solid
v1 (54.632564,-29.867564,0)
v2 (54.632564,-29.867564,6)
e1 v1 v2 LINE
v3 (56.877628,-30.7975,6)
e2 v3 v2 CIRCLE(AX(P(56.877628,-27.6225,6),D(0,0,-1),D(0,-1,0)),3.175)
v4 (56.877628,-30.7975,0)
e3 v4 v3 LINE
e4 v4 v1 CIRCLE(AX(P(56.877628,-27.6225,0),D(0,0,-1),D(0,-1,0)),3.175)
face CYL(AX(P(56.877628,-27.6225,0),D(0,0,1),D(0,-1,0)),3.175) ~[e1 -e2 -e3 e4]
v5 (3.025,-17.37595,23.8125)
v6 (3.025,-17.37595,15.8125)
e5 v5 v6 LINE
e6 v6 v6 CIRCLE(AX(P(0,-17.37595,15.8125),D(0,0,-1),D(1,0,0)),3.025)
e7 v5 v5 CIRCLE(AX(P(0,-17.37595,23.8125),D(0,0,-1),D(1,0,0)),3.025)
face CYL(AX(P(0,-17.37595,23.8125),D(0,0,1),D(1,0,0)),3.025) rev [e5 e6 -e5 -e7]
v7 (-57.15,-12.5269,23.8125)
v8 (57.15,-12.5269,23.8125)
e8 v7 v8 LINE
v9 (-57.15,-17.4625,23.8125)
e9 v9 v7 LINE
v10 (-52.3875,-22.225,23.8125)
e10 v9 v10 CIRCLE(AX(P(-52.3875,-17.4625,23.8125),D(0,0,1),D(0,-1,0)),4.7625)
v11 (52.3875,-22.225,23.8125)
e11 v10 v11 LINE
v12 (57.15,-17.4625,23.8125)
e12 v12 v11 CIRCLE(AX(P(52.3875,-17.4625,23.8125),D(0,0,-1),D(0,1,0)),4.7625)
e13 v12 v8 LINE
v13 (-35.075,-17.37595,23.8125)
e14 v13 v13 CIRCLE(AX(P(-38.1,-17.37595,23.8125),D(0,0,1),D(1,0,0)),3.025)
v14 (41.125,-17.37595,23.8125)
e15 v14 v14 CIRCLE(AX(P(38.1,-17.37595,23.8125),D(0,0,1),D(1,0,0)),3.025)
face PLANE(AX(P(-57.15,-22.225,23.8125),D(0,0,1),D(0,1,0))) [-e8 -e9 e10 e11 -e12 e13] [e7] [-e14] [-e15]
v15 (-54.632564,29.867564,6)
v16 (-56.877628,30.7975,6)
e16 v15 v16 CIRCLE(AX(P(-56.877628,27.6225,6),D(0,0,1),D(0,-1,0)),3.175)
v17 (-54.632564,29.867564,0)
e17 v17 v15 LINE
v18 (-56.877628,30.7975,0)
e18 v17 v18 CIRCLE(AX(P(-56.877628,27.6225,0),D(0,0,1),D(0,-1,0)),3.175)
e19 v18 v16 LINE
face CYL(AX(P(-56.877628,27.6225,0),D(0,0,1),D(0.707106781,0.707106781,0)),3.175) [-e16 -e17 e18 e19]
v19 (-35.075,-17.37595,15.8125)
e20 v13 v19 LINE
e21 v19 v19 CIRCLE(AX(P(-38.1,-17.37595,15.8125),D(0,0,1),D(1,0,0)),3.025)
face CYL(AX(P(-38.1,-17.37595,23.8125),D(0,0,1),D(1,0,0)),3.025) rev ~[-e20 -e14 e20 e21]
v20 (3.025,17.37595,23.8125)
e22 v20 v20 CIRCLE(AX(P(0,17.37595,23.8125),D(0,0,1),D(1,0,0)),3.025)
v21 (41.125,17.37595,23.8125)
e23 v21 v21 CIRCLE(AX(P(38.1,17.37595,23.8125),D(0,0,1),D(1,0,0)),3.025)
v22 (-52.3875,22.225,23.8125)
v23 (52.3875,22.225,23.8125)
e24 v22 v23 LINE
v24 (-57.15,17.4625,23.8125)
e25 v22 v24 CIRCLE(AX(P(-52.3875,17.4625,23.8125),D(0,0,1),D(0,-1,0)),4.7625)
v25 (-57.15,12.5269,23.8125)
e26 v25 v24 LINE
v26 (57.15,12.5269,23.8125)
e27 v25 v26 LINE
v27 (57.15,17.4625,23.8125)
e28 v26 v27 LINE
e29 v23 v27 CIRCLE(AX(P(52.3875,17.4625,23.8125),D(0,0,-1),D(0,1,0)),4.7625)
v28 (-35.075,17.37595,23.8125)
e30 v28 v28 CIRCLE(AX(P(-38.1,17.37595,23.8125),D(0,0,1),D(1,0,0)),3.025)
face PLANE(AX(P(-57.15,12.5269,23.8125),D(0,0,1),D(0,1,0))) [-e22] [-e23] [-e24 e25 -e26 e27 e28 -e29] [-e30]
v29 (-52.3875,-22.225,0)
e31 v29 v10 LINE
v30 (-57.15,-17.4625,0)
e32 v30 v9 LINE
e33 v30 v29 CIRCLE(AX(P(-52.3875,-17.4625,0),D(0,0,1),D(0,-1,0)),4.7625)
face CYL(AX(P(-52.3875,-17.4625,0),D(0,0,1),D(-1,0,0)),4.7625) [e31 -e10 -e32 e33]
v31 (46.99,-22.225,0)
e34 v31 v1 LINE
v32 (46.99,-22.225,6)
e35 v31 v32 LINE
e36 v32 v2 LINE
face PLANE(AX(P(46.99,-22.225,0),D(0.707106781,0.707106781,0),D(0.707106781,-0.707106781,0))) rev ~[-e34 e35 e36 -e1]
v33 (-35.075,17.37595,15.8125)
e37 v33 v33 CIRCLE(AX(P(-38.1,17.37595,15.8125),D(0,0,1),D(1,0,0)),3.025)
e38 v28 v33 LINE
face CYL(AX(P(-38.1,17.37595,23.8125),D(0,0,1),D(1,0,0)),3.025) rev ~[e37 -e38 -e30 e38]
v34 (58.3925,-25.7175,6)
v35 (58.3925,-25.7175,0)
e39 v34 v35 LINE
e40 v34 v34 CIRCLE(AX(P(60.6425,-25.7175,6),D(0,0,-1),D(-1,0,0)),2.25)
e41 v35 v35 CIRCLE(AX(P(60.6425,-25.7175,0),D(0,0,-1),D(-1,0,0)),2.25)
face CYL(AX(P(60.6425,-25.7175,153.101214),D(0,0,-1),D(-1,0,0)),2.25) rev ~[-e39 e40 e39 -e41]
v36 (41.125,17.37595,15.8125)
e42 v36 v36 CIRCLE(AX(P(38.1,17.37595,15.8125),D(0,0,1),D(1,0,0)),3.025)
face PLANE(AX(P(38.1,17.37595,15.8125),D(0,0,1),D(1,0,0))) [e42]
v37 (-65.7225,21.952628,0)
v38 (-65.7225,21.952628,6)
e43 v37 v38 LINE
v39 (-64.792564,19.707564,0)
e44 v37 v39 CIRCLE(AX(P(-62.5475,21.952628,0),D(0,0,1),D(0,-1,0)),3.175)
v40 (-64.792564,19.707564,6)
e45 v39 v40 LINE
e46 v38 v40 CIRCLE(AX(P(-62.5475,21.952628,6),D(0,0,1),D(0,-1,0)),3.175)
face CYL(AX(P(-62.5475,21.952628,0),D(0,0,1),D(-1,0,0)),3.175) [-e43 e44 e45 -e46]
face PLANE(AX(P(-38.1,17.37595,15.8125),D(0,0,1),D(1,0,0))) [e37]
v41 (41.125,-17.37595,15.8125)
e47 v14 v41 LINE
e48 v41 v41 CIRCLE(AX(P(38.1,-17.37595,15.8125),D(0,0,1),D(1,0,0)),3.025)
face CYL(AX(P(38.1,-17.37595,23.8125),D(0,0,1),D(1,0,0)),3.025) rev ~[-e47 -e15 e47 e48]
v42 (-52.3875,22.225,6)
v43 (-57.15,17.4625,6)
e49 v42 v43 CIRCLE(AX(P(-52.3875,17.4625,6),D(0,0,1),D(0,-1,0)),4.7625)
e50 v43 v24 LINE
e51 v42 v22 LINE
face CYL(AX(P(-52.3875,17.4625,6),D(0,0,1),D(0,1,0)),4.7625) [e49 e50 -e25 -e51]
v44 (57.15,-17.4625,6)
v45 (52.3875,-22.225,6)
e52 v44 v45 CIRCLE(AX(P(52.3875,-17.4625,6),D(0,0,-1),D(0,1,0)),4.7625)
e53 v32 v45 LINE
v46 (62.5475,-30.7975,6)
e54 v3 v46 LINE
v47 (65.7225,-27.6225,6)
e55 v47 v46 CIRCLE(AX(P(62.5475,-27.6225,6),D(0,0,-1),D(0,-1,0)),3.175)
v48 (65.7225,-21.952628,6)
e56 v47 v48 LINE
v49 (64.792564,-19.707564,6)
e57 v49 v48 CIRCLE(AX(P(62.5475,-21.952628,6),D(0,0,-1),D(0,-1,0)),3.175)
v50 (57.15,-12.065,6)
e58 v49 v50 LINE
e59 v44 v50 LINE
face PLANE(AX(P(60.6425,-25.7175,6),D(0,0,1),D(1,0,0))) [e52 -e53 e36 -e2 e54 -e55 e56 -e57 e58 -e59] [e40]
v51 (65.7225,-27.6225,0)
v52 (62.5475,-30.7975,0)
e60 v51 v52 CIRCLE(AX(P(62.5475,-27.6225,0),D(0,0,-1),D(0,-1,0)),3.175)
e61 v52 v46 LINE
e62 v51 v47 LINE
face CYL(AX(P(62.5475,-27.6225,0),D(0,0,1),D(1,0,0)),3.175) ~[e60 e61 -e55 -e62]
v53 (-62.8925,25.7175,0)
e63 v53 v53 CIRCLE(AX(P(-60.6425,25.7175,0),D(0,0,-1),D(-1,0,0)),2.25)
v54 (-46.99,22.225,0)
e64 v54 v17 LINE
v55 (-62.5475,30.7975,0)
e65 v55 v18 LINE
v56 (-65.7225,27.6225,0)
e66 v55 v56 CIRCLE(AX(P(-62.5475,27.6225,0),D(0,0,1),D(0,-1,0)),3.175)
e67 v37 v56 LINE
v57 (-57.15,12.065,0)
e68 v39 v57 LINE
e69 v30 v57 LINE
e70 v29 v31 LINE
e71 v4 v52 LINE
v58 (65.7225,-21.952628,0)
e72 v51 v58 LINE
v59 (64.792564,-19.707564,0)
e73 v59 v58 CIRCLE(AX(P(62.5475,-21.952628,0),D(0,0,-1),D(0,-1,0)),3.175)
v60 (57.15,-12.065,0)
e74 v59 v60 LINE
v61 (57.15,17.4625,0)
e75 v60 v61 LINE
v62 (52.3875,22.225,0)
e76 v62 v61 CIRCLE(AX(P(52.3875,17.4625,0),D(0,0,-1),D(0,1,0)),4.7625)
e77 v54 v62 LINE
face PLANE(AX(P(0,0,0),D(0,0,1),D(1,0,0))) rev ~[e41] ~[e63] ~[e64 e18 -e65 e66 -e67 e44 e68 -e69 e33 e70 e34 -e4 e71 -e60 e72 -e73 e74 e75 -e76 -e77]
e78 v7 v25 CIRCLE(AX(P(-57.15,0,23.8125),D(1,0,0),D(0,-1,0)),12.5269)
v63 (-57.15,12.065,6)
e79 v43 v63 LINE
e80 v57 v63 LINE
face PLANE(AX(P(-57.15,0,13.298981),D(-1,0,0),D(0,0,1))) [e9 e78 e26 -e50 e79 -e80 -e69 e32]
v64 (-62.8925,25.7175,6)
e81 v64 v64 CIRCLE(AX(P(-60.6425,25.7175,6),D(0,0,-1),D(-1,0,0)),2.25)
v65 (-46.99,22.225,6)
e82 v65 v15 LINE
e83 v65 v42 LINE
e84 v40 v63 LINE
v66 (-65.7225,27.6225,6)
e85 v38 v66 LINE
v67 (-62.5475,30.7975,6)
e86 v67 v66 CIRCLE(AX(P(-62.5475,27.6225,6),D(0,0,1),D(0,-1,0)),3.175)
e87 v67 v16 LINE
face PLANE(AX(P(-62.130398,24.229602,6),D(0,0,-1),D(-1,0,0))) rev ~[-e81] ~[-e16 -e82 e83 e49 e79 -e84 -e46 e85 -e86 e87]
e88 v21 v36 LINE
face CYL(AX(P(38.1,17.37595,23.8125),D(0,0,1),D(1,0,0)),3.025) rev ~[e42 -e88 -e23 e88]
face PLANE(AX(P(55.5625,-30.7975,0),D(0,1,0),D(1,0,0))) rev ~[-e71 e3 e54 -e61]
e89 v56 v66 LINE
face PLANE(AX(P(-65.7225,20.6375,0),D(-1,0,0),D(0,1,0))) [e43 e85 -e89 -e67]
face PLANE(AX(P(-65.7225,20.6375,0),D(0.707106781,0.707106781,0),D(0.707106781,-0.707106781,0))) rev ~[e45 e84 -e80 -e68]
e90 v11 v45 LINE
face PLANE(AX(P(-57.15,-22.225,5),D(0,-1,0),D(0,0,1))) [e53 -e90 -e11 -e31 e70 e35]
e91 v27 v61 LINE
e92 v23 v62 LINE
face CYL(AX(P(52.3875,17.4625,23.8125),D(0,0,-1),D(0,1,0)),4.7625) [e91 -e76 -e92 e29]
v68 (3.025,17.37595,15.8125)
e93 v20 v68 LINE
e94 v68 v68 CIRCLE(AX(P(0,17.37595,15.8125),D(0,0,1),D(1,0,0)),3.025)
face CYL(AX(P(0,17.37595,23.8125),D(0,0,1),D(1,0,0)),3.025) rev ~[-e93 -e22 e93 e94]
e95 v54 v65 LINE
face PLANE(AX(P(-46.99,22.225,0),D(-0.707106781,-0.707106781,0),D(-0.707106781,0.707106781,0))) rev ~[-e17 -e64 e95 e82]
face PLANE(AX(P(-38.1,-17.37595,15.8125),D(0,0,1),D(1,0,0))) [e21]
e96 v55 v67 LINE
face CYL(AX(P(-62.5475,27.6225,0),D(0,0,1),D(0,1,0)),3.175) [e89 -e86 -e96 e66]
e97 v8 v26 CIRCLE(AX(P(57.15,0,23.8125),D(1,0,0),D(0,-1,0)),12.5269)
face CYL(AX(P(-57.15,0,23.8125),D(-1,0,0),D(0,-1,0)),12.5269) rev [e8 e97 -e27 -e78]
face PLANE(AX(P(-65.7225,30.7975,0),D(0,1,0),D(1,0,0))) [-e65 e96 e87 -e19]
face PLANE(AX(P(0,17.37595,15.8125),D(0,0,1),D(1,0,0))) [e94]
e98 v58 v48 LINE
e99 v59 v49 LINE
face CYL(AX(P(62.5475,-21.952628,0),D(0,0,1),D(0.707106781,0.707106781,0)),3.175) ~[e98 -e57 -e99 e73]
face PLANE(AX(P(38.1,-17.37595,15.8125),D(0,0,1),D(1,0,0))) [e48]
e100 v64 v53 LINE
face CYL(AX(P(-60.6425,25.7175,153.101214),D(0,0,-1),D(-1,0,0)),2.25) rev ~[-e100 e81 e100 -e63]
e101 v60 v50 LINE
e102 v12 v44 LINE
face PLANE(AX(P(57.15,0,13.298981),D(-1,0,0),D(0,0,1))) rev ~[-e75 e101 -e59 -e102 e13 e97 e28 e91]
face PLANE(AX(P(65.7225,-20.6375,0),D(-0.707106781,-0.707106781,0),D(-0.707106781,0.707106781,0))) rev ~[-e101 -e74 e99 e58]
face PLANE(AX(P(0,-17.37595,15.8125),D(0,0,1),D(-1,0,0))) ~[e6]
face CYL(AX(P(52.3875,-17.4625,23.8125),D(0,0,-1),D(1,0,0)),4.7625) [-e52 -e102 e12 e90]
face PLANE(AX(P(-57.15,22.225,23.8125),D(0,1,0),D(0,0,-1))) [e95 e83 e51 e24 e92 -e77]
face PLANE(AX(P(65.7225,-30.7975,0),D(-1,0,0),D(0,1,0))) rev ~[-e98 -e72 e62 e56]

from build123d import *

# Parameters (mm, degrees)
SKETCH1_W               = 114.3
SKETCH1_H               = 44.45
BOSS_EXTRUDE1_DEPTH     = 5
BOSS_EXTRUDE2_DEPTH     = 114.3
SKETCH3_R               = 3.025
CUT_EXTRUDE1_DEPTH      = 8
LPATTERN1_COUNT         = 2
LPATTERN1_PITCH         = 38.1
LPATTERN1_COL_COUNT     = 2
LPATTERN1_COL_PITCH     = 38.1
MIRROR1_COPY_1_SKETCH_R = 3.025
MIRROR1_COPY_1_DEPTH    = 8
MIRROR1_COPY_2_SKETCH_R = 3.025
MIRROR1_COPY_2_DEPTH    = 8
SKETCH4_W               = 10.16
SKETCH4_H               = 10.16
BOSS_EXTRUDE3_DEPTH     = 6
M4_CLEARANCE_HOLE1_D    = 4.5
FILLET3_R               = 3.175
FILLET4_R               = 4.7625


with BuildPart() as part:
    # Sketch1 → Boss-Extrude1 (new body)
    with BuildSketch(Plane.XY):
        Rectangle(SKETCH1_W, SKETCH1_H)
    extrude(amount=BOSS_EXTRUDE1_DEPTH)

    # Sketch2 → Boss-Extrude2 (add)
    with BuildSketch(Plane.ZY.offset(57.15)):
        with BuildLine():
            Line((23.8125, 22.225), (5, 22.225))
            Line((5, 22.225), (5, -22.225))
            Line((5, -22.225), (23.8125, -22.225))
            Line((23.8125, -22.225), (23.8125, -12.5269))
            ThreePointArc((23.8125, -12.5269), (11.2856, 0), (23.8125, 12.5269))
            Line((23.8125, 12.5269), (23.8125, 22.225))
        make_face()
    extrude(amount=-BOSS_EXTRUDE2_DEPTH)

    # Sketch3 → Cut-Extrude1 (cut)
    with BuildSketch(Plane.XY.offset(23.8125)):
        with Locations((0, 17.37595)):
            Circle(SKETCH3_R)
    cut_extrude1 = extrude(amount=-CUT_EXTRUDE1_DEPTH, mode=Mode.SUBTRACT)

    # LPattern1: Cut-Extrude1 ×2
    with Locations(*[(i * LPATTERN1_PITCH, 0, 0) for i in range(1, LPATTERN1_COUNT)]):
        add(cut_extrude1, mode=Mode.SUBTRACT)

    # LPattern1 col: Cut-Extrude1 ×2
    with Locations(*[(-i * LPATTERN1_COL_PITCH, 0, 0) for i in range(1, LPATTERN1_COL_COUNT)]):
        add(cut_extrude1, mode=Mode.SUBTRACT)

    # Mirror1: Cut-Extrude1 across plane
    add(cut_extrude1.mirror(Plane.ZX), mode=Mode.SUBTRACT)

    # Mirror1 copy 1 sketch → Mirror1 copy 1 (cut)
    with BuildSketch(Plane(origin=(38.1, 0, 23.8125), x_dir=(1, 0, 0), z_dir=(0, 0, 1))):
        with Locations((0, -17.37595)):
            Circle(MIRROR1_COPY_1_SKETCH_R)
    extrude(amount=-MIRROR1_COPY_1_DEPTH, mode=Mode.SUBTRACT)

    # Mirror1 copy 2 sketch → Mirror1 copy 2 (cut)
    with BuildSketch(Plane(origin=(-38.1, 0, 23.8125), x_dir=(1, 0, 0), z_dir=(0, 0, 1))):
        with Locations((0, -17.37595)):
            Circle(MIRROR1_COPY_2_SKETCH_R)
    extrude(amount=-MIRROR1_COPY_2_DEPTH, mode=Mode.SUBTRACT)

    # Sketch4 → Boss-Extrude3 (add)
    with BuildSketch(Plane.XY):
        Polygon((-65.7225, 30.7975), (-55.5625, 20.6375), (-65.7225, 20.6375), align=None)
        Polygon((-65.7225, 30.7975), (-55.5625, 30.7975), (-55.5625, 20.6375), align=None)
        with Locations((60.6425, -25.7175)):
            Rectangle(SKETCH4_W, SKETCH4_H)
        Polygon((-55.5625, 30.7975), (-60.6425, 25.7175), (-57.15, 22.225), (-55.5625, 22.225), align=None)
        Polygon((-46.99, 22.225), (-55.5625, 30.7975), (-55.5625, 22.225), align=None)
        Polygon((-60.6425, 25.7175), (-65.7225, 20.6375), (-57.15, 20.6375), (-57.15, 22.225), align=None)
        Polygon((-57.15, 20.6375), (-65.7225, 20.6375), (-57.15, 12.065), align=None)
        Polygon((57.15, -20.6375), (65.7225, -20.6375), (57.15, -12.065), align=None)
        Polygon((46.99, -22.225), (55.5625, -30.7975), (55.5625, -22.225), align=None)
    extrude(amount=BOSS_EXTRUDE3_DEPTH)

    # M4 Clearance Hole1 (through all)
    with Locations(Plane.XY.offset(6)):
        with Locations((-60.6425, 25.7175), (60.6425, -25.7175)):
            Hole(M4_CLEARANCE_HOLE1_D / 2)

    # Fillet3
    fillet3_edges = [part.edges().sort_by_distance(p)[0] for p in [
        (-55.5625, 30.7975, 3),
        (-65.7225, 30.7975, 3),
        (-65.7225, 20.6375, 3),
        (55.5625, -30.7975, 3),
        (65.7225, -30.7975, 3),
        (65.7225, -20.6375, 3),
    ]]
    fillet(fillet3_edges, radius=FILLET3_R)

    # Fillet4
    fillet4_edges = [part.edges().sort_by_distance(p)[0] for p in [
        (57.15, -22.225, 14.90625),
        (-57.15, -22.225, 11.90625),
        (-57.15, 22.225, 14.90625),
        (57.15, 22.225, 11.90625),
    ]]
    fillet(fillet4_edges, radius=FILLET4_R)


solid = part.part
